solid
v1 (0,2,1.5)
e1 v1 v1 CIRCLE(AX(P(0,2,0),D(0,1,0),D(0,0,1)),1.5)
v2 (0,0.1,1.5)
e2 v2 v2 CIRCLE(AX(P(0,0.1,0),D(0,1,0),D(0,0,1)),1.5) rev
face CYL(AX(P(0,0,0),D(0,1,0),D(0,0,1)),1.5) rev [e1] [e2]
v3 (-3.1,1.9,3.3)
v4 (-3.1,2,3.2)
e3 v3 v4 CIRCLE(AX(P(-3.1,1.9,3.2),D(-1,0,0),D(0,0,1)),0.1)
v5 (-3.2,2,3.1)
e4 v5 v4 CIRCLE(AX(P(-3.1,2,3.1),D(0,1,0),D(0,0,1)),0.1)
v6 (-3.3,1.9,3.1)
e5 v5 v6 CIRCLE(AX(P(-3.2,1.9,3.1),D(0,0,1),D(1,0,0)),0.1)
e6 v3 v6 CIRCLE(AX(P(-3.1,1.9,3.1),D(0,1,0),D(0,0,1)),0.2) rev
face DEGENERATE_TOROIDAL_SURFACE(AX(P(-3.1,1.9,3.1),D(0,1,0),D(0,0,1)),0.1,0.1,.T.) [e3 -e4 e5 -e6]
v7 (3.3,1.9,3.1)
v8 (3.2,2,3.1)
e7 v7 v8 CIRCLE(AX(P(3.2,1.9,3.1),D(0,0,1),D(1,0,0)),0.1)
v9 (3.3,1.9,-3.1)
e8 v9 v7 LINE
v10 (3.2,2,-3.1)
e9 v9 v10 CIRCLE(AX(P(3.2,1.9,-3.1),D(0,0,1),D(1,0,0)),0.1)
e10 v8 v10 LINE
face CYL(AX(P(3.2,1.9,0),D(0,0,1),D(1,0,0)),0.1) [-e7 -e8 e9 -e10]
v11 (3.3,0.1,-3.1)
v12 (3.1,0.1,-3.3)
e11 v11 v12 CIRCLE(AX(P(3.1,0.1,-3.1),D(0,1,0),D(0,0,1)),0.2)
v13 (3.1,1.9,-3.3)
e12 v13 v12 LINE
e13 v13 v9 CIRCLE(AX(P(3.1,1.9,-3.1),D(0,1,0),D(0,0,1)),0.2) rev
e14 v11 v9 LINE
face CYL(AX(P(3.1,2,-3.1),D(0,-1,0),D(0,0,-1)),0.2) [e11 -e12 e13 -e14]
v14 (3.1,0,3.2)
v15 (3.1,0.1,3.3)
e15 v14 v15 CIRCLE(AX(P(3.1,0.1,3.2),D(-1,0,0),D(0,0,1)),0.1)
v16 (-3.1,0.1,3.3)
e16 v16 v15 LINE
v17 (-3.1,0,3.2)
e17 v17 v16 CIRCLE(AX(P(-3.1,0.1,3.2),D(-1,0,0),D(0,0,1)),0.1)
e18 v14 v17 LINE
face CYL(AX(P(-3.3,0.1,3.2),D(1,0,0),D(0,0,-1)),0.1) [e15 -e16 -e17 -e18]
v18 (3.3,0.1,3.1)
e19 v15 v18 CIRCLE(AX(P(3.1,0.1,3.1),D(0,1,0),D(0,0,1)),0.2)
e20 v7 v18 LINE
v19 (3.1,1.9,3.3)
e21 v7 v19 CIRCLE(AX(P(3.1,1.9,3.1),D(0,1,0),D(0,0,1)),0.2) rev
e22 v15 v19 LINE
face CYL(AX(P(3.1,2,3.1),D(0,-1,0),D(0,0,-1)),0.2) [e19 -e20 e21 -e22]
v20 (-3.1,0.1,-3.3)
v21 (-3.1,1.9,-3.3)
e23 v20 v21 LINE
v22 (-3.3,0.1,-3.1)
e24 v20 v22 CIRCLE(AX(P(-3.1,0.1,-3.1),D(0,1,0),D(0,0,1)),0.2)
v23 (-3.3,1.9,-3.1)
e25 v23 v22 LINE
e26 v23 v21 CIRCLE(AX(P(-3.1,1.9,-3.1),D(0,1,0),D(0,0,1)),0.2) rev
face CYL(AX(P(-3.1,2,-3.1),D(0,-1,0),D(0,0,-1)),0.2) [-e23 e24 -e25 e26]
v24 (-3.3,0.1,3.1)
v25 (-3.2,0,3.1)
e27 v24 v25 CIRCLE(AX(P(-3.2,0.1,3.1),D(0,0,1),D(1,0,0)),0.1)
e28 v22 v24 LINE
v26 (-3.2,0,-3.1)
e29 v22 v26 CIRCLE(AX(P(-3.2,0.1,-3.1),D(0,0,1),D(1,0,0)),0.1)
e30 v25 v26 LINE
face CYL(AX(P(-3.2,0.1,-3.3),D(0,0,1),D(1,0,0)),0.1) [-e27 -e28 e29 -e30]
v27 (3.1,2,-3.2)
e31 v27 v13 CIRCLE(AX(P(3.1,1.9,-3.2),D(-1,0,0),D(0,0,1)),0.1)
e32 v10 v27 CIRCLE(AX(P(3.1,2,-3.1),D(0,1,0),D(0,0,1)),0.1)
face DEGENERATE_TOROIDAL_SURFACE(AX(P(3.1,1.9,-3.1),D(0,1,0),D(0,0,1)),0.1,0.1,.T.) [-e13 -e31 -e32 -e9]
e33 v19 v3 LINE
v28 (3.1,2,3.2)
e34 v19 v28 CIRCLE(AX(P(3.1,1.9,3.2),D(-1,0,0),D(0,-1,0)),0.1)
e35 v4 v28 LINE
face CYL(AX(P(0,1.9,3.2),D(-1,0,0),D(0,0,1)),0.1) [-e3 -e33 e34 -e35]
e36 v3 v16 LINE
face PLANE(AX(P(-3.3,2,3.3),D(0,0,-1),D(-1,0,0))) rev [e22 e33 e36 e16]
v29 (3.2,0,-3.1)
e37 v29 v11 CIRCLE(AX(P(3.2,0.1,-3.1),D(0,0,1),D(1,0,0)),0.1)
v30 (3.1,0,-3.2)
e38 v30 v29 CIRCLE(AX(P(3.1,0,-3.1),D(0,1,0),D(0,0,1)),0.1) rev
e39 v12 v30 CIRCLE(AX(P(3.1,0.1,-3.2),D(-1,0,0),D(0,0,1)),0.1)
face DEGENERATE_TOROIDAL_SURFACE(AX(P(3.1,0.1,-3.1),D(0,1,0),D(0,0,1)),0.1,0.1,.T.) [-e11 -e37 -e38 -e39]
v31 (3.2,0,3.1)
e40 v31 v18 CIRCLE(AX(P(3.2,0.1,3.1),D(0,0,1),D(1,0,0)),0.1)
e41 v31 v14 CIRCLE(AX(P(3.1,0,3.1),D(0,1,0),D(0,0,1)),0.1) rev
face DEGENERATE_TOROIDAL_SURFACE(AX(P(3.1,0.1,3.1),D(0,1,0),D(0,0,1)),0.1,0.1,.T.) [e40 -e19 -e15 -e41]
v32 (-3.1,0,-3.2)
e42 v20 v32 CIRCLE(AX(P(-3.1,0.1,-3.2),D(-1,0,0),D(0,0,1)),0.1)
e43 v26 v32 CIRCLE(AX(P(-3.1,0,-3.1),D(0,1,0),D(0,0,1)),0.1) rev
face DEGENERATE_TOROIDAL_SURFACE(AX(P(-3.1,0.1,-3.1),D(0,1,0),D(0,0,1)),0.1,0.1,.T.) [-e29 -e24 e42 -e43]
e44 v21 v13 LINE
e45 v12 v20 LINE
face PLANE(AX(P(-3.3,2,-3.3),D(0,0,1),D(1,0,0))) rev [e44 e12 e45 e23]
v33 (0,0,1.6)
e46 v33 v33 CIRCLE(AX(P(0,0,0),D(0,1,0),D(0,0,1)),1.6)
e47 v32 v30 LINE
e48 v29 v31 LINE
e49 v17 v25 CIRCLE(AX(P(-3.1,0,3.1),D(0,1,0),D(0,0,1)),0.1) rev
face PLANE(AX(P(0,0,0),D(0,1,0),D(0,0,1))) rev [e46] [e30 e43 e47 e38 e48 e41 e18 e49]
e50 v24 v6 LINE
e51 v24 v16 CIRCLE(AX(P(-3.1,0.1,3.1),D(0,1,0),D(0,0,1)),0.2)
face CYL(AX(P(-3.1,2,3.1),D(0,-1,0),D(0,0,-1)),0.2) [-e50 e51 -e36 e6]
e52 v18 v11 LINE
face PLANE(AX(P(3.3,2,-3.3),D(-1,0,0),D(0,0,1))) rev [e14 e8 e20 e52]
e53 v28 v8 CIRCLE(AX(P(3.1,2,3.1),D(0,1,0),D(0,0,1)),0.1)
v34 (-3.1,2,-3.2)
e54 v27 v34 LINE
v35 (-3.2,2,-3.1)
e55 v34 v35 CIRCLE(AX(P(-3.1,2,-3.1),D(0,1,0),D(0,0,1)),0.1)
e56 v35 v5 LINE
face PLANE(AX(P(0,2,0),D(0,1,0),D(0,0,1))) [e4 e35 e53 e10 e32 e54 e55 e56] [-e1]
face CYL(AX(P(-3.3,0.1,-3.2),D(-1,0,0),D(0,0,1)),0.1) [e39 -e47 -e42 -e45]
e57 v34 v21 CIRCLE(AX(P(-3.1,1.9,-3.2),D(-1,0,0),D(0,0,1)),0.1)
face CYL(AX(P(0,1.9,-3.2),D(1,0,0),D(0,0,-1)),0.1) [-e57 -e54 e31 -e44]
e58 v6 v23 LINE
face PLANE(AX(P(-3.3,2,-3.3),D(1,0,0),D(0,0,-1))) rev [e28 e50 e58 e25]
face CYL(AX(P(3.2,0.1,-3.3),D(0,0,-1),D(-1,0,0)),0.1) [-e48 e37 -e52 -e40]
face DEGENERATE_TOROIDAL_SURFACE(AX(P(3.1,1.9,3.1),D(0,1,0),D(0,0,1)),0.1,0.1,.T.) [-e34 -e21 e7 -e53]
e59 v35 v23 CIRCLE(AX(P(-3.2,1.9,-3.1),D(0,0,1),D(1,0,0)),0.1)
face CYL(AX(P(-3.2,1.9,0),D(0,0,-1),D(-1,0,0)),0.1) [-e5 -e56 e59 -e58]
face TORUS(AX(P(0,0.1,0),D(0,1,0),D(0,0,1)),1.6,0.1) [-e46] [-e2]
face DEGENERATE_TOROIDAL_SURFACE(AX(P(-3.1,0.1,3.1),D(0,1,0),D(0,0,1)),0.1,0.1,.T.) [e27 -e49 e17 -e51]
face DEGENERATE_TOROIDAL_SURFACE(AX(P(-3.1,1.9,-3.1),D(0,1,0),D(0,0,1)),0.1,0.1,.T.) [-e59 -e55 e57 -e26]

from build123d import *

# Parameters (mm, degrees)
SKETCH_1_W          = 6.6
SKETCH_1_H          = 6.6
EXTRUDE_1_DEPTH     = 2
SKETCH_2_R          = 1.5
CUT_EXTRUDE_1_DEPTH = 2
FILLET_1_R          = 0.2
FILLET_2_R          = 0.1


with BuildPart() as part:
    # 草图1 → 凸台-拉伸1 (new body)
    with BuildSketch(Plane(origin=(0, 0, 0), x_dir=(1, 0, 0), z_dir=(0, 1, 0))):
        Rectangle(SKETCH_1_W, SKETCH_1_H)
    extrude(amount=EXTRUDE_1_DEPTH)

    # 草图2 → 切除-拉伸1 (cut)
    with BuildSketch(Plane(origin=(0, 2, 0), x_dir=(1, 0, 0), z_dir=(0, 1, 0))):
        with Locations(Location((0, 0, 0), (0, 0, 270))):
            Circle(SKETCH_2_R)
    extrude(amount=-CUT_EXTRUDE_1_DEPTH, mode=Mode.SUBTRACT)

    # 圆角1
    fillet_1_edges = [part.edges().sort_by_distance(p)[0] for p in [
        (-3.3, 1, -3.3),
        (3.3, 1, -3.3),
        (3.3, 1, 3.3),
        (-3.3, 1, 3.3),
    ]]
    fillet(fillet_1_edges, radius=FILLET_1_R)

    # 圆角2
    fillet_2_edges = [part.edges().sort_by_distance(p)[0] for p in [
        (0, 0, -1.5),
        (-3.3, 0, 0),
        (-3.3, 2, 0),
        (0, 0, -3.3),
        (3.3, 0, 0),
        (0, 0, 3.3),
        (-3.241421356, 0, 3.241421356),
        (3.241421356, 0, 3.241421356),
        (3.241421356, 0, -3.241421356),
        (-3.241421356, 0, -3.241421356),
        (0, 2, -3.3),
        (0, 2, 3.3),
        (3.3, 2, 0),
        (-3.241421356, 2, 3.241421356),
        (3.241421356, 2, 3.241421356),
        (3.241421356, 2, -3.241421356),
        (-3.241421356, 2, -3.241421356),
    ]]
    fillet(fillet_2_edges, radius=FILLET_2_R)


solid = part.part
